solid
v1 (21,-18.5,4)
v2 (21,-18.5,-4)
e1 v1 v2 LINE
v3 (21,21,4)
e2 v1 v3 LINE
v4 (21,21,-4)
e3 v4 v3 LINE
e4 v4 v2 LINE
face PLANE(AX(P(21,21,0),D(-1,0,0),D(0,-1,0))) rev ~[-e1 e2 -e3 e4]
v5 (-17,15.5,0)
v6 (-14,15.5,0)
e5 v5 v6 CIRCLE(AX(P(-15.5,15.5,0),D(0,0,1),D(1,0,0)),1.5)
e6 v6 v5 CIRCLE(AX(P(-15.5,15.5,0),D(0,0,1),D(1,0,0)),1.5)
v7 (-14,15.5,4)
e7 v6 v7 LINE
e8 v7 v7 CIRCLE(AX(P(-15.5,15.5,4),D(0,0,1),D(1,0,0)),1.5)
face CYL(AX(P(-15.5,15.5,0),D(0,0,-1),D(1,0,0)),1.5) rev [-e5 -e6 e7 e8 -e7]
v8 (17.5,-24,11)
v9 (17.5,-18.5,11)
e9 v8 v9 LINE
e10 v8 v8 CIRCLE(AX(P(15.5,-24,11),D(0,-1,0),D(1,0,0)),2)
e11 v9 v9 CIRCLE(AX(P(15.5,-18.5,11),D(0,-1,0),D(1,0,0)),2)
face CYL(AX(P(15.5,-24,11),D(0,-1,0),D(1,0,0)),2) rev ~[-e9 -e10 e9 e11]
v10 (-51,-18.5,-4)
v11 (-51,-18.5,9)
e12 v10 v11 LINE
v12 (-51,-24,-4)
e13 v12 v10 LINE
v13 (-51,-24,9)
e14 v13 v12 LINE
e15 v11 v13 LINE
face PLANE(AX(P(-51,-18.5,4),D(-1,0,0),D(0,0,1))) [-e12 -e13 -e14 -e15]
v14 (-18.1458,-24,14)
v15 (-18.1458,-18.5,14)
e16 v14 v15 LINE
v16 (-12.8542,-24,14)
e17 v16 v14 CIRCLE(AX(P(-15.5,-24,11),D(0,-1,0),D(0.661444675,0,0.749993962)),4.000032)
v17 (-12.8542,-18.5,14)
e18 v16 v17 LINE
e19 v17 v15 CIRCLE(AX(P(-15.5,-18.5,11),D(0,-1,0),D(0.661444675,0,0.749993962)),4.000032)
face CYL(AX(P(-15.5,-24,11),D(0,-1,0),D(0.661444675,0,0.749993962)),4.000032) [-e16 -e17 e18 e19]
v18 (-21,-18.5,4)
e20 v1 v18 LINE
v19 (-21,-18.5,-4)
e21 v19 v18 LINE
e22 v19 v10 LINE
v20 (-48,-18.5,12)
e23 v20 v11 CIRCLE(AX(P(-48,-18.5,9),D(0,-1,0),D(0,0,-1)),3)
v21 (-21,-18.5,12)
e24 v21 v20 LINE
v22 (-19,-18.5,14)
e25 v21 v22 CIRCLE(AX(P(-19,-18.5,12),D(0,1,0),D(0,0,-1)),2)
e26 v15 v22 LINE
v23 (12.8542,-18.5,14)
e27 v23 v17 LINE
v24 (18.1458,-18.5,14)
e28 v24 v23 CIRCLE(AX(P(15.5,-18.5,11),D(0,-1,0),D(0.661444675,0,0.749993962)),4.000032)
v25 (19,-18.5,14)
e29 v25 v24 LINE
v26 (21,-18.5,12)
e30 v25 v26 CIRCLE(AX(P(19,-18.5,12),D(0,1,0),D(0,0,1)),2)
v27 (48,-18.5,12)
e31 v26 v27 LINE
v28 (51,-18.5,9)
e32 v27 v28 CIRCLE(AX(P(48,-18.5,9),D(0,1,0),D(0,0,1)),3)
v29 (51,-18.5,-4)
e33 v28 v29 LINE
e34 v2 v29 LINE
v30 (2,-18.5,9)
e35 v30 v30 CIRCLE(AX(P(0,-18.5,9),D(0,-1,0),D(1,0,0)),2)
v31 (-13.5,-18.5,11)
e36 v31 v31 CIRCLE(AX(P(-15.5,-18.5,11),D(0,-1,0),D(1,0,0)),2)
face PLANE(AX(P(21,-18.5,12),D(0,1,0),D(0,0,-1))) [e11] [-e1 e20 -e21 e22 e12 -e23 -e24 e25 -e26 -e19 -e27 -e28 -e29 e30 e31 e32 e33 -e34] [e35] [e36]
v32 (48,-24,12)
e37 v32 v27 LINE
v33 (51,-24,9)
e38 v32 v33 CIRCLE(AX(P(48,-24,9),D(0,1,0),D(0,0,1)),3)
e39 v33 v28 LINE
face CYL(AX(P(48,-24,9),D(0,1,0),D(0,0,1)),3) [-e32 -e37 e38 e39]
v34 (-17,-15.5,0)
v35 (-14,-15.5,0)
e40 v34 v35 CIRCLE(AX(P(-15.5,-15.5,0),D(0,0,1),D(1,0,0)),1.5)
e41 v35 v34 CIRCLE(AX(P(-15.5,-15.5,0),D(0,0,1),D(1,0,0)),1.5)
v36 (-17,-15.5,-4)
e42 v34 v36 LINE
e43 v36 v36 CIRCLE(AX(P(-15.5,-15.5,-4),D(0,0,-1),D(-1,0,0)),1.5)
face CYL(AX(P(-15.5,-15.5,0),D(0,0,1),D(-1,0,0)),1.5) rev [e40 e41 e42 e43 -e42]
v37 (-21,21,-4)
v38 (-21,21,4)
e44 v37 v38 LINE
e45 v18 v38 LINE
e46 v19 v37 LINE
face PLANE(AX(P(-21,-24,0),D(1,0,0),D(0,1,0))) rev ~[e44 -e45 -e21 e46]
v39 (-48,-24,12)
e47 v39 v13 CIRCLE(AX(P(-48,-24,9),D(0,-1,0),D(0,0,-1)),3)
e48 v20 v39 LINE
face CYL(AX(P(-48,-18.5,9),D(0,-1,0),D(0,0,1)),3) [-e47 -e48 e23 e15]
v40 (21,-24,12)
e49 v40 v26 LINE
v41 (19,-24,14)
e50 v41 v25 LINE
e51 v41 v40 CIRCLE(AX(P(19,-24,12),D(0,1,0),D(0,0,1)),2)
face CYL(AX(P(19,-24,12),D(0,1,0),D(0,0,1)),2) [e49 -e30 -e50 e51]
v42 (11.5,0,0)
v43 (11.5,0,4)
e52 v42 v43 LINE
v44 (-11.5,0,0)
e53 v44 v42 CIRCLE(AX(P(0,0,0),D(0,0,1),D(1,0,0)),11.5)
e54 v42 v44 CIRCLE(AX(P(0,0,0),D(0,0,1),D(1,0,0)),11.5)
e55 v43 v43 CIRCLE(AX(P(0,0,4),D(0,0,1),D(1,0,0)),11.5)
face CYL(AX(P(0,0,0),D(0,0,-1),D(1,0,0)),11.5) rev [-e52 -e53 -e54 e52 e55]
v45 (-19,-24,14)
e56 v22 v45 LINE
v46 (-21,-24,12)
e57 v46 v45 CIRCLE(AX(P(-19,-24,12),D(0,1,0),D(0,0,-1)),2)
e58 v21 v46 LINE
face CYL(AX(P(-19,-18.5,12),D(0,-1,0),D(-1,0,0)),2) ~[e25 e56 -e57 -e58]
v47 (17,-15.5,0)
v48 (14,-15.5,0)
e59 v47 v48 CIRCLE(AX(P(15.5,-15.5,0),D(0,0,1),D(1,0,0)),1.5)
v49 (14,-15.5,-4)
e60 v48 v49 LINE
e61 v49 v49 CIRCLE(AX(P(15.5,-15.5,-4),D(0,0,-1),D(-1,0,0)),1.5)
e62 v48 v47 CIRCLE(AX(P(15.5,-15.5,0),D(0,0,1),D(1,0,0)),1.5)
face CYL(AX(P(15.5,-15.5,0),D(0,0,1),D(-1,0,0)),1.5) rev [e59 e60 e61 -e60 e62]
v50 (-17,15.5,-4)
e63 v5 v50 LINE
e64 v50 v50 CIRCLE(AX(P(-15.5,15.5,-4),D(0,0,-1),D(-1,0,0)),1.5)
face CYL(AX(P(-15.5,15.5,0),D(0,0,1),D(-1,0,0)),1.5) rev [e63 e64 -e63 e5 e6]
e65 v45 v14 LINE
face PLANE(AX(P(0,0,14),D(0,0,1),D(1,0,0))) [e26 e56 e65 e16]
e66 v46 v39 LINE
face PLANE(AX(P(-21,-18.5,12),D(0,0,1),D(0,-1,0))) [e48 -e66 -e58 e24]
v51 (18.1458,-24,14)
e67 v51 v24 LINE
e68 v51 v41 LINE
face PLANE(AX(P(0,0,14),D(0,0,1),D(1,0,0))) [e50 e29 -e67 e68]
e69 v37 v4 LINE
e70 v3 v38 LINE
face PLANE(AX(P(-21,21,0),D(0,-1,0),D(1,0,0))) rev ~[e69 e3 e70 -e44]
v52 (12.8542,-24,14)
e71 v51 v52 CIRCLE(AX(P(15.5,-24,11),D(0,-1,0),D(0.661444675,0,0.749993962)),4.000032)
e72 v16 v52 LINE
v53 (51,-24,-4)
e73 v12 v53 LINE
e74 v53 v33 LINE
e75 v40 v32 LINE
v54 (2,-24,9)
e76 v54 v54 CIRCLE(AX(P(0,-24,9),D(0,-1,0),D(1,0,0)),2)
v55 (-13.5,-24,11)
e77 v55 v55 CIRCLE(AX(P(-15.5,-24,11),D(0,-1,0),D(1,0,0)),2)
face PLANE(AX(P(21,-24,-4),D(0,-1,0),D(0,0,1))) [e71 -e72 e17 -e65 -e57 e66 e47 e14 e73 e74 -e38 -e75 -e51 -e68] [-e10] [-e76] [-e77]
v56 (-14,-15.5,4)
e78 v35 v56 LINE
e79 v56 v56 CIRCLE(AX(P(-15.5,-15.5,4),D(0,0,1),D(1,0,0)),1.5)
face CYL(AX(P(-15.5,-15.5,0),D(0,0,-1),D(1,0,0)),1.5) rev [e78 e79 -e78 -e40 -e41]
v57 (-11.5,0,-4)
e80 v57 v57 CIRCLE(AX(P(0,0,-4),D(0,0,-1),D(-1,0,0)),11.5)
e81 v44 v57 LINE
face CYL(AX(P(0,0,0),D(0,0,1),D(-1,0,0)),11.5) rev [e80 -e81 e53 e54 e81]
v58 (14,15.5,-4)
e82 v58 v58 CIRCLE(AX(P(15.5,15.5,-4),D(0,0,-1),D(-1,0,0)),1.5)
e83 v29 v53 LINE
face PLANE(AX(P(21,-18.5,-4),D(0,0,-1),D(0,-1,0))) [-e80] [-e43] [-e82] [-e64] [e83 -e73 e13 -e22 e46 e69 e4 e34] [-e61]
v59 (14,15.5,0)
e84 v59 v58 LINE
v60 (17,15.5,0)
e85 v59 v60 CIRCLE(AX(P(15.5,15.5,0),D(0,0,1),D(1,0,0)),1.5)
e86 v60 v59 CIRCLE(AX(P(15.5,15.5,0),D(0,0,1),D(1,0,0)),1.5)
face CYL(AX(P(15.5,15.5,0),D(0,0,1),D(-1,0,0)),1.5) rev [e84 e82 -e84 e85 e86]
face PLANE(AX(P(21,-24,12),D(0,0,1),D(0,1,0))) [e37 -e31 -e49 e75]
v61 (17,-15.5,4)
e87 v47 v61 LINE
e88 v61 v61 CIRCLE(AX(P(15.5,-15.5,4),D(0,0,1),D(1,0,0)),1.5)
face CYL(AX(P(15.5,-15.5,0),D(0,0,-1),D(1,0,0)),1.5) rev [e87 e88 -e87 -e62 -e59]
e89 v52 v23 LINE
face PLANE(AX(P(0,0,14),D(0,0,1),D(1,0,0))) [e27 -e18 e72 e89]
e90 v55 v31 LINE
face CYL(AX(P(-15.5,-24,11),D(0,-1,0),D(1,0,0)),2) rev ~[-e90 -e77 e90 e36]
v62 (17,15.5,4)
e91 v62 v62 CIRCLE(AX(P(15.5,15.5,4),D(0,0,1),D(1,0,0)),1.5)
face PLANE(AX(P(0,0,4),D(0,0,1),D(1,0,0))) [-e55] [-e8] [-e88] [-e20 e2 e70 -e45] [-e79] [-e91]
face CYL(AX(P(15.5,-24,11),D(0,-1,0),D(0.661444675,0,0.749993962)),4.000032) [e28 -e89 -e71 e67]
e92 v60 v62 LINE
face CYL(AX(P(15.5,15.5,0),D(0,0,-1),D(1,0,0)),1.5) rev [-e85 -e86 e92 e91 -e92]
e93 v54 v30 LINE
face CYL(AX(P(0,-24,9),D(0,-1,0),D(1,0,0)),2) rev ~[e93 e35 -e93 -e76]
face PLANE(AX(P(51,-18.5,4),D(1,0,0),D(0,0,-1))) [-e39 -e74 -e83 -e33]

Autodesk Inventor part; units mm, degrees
ref_plane "YZ Plane" through (0, 0, 0) normal (1, 0, 0) x (0, 1, 0)
ref_plane "XZ Plane" through (0, 0, 0) normal (0, 1, 0) x (-1, 0, 0)
ref_plane "XY Plane" through (0, 0, 0) normal (0, 0, 1) x (1, 0, 0)
sketch "Sketch1" plane through (0, 0, 0) normal (0, 0, 1) x (1, 0, 0)
  circle A0 centre (0, 0) radius 11.5
  circle A1 centre (-15.5, 15.5) radius 1.5
  circle A2 centre (-15.5, -15.5) radius 1.5
  circle A3 centre (15.5, 15.5) radius 1.5
  circle A4 centre (15.5, -15.5) radius 1.5
  line L0 (-21, -24) -> (21, -24)
  line L1 (0, 20) -> (4.5462, 20) construction
  line L2 (-21, 21) -> (-1, 21)
  line L3 (1, 21) -> (21, 21)
  line L4 (-21, 21) -> (-21, 5.9161)
  line L5 (-21, -5.9161) -> (-21, -24)
  line L6 (21, 21) -> (21, 5.9161)
  line L7 (21, -5.9161) -> (21, -24)
  line L8 (-1.865, 21) -> (1.6498, 21)
  line L9 (-21, 8.451) -> (-21, -8.8551)
  line L10 (21, 10.9387) -> (21, -8.8551)
  dimension "d0" = 23
  dimension "d1" = 3
  dimension "d2" = 3
  dimension "d3" = 24
  dimension "d5" = 8.5
extrude "Extrusion1" add sketch "Sketch1" along normal blind 4
sketch "Sketch2" plane through (0, 0, 4) normal (0, 0, 1) x (1, 0, 0)
  line L0 (-21, -24) -> (21, -24) projected
  line L1 (21, -24) -> (21, 21) projected
  line L2 (-21, -24) -> (21, -24)
  line L3 (21, -24) -> (21, -18.5)
  line L4 (21, -18.5) -> (-21, -18.5)
  line L5 (-21, -18.5) -> (-21, -24)
  dimension "d9" = 5.5
extrude "Extrusion2" add sketch "Sketch2" along normal blind 10
sketch "Sketch3" plane through (-21, -24, 0) normal (0, -1, 0) x (1, 0, 0)
  line L0 (42, 0) -> (42, 14) projected
  line L1 (0, 0) -> (0, 14) projected
  circle A0 centre (5.5, 11) radius 2
  circle A1 centre (36.5, 11) radius 2
  line L2 (0, 4) -> (42, 4) projected
  circle A2 centre (21, 9) radius 2
  line L3 (0, 14) -> (42, 14) projected
  point P0 (21, 0)
  dimension "d12" = 4
  dimension "d13" = 4
  dimension "d16" = 5.5
  dimension "d17" = 5.5
  dimension "d18" = 7
  dimension "d19" = 7
  dimension "d27" = 4
  dimension "d28" = 5
sketch "Sketch4" plane through (-21, -24, 0) normal (0, -1, 0) x (1, 0, 0)
  circle A0 centre (5.5, 11) radius 2 projected
  circle A1 centre (36.5, 11) radius 2 projected
  arc A2 (8.1458, 14) -> (2.8542, 14) centre (5.5, 11) ccw
  arc A3 (39.1458, 14) -> (33.8542, 14) centre (36.5, 11) ccw
  line L0 (42, 14) -> (0, 14) projected
  line L1 (2.8542, 14) -> (8.1458, 14)
  line L2 (33.8542, 14) -> (39.1458, 14)
  point P0 (21, 0)
  dimension "d22" = 8
  dimension "d23" = 8
extrude "Extrusion4" add sketch "Sketch4" against normal blind 5.5 contours L0 A2 | A3 L0
fillet "Fillet1" radius 2 2 edges at (-21, -21.25, 14) (21, -21.25, 14)
extrude "Extrusion5" cut sketch "Sketch3" against normal blind 5.5 contours A0 | A1 | A2
sketch "Sketch5" plane through (0, 0, 0) normal (0, 0, -1) x (-1, 0, 0)
  circle A0 centre (0, 0) radius 11.5 projected
  circle A1 centre (-15.5, -15.5) radius 1.5 projected
  circle A2 centre (-15.5, 15.5) radius 1.5 projected
  circle A3 centre (15.5, -15.5) radius 1.5 projected
  circle A4 centre (15.5, 15.5) radius 1.5 projected
  line L0 (-21, -24) -> (21, -24) projected
  line L1 (21, -24) -> (21, 21) projected
  line L2 (21, 21) -> (-21, 21) projected
  line L3 (-21, 21) -> (-21, -24) projected
extrude "Extrusion6" add sketch "Sketch5" along normal blind 4
sketch "Sketch6" plane through (-21, -18.5, 4) normal (-1, 0, 0) x (0, 0, 1)
  line L0 (-8, -5.5) -> (-8, 39.5) projected
  line L1 (8, -5.5) -> (-8, -5.5) projected
  line L2 (8, -5.5) -> (-8, -5.5)
  line L3 (-8, -5.5) -> (-8, 0)
  line L4 (-8, 0) -> (8, 0)
  line L5 (8, 0) -> (8, -5.5)
  point P0 (-4, 18.5)
extrude "Extrusion7" add sketch "Sketch6" along normal blind 30
sketch "Sketch7" plane through (21, -18.5, 4) normal (1, 0, 0) x (0, 0, -1)
  line L0 (-8, -5.5) -> (-8, 0) projected
  line L1 (8, -5.5) -> (-8, -5.5) projected
  line L2 (-8, 0) -> (8, 0)
  line L3 (8, 0) -> (8, -5.5)
  line L4 (8, -5.5) -> (-8, -5.5)
  line L5 (-8, -5.5) -> (-8, 0)
  point P0 (4, 18.5)
extrude "Extrusion8" add sketch "Sketch7" along normal blind 30
fillet "Fillet2" radius 3 2 edges at (51, -21.25, 12) (-51, -21.25, 12)
properties part number "StepperMotorPlate" material "PPS Plastic"
